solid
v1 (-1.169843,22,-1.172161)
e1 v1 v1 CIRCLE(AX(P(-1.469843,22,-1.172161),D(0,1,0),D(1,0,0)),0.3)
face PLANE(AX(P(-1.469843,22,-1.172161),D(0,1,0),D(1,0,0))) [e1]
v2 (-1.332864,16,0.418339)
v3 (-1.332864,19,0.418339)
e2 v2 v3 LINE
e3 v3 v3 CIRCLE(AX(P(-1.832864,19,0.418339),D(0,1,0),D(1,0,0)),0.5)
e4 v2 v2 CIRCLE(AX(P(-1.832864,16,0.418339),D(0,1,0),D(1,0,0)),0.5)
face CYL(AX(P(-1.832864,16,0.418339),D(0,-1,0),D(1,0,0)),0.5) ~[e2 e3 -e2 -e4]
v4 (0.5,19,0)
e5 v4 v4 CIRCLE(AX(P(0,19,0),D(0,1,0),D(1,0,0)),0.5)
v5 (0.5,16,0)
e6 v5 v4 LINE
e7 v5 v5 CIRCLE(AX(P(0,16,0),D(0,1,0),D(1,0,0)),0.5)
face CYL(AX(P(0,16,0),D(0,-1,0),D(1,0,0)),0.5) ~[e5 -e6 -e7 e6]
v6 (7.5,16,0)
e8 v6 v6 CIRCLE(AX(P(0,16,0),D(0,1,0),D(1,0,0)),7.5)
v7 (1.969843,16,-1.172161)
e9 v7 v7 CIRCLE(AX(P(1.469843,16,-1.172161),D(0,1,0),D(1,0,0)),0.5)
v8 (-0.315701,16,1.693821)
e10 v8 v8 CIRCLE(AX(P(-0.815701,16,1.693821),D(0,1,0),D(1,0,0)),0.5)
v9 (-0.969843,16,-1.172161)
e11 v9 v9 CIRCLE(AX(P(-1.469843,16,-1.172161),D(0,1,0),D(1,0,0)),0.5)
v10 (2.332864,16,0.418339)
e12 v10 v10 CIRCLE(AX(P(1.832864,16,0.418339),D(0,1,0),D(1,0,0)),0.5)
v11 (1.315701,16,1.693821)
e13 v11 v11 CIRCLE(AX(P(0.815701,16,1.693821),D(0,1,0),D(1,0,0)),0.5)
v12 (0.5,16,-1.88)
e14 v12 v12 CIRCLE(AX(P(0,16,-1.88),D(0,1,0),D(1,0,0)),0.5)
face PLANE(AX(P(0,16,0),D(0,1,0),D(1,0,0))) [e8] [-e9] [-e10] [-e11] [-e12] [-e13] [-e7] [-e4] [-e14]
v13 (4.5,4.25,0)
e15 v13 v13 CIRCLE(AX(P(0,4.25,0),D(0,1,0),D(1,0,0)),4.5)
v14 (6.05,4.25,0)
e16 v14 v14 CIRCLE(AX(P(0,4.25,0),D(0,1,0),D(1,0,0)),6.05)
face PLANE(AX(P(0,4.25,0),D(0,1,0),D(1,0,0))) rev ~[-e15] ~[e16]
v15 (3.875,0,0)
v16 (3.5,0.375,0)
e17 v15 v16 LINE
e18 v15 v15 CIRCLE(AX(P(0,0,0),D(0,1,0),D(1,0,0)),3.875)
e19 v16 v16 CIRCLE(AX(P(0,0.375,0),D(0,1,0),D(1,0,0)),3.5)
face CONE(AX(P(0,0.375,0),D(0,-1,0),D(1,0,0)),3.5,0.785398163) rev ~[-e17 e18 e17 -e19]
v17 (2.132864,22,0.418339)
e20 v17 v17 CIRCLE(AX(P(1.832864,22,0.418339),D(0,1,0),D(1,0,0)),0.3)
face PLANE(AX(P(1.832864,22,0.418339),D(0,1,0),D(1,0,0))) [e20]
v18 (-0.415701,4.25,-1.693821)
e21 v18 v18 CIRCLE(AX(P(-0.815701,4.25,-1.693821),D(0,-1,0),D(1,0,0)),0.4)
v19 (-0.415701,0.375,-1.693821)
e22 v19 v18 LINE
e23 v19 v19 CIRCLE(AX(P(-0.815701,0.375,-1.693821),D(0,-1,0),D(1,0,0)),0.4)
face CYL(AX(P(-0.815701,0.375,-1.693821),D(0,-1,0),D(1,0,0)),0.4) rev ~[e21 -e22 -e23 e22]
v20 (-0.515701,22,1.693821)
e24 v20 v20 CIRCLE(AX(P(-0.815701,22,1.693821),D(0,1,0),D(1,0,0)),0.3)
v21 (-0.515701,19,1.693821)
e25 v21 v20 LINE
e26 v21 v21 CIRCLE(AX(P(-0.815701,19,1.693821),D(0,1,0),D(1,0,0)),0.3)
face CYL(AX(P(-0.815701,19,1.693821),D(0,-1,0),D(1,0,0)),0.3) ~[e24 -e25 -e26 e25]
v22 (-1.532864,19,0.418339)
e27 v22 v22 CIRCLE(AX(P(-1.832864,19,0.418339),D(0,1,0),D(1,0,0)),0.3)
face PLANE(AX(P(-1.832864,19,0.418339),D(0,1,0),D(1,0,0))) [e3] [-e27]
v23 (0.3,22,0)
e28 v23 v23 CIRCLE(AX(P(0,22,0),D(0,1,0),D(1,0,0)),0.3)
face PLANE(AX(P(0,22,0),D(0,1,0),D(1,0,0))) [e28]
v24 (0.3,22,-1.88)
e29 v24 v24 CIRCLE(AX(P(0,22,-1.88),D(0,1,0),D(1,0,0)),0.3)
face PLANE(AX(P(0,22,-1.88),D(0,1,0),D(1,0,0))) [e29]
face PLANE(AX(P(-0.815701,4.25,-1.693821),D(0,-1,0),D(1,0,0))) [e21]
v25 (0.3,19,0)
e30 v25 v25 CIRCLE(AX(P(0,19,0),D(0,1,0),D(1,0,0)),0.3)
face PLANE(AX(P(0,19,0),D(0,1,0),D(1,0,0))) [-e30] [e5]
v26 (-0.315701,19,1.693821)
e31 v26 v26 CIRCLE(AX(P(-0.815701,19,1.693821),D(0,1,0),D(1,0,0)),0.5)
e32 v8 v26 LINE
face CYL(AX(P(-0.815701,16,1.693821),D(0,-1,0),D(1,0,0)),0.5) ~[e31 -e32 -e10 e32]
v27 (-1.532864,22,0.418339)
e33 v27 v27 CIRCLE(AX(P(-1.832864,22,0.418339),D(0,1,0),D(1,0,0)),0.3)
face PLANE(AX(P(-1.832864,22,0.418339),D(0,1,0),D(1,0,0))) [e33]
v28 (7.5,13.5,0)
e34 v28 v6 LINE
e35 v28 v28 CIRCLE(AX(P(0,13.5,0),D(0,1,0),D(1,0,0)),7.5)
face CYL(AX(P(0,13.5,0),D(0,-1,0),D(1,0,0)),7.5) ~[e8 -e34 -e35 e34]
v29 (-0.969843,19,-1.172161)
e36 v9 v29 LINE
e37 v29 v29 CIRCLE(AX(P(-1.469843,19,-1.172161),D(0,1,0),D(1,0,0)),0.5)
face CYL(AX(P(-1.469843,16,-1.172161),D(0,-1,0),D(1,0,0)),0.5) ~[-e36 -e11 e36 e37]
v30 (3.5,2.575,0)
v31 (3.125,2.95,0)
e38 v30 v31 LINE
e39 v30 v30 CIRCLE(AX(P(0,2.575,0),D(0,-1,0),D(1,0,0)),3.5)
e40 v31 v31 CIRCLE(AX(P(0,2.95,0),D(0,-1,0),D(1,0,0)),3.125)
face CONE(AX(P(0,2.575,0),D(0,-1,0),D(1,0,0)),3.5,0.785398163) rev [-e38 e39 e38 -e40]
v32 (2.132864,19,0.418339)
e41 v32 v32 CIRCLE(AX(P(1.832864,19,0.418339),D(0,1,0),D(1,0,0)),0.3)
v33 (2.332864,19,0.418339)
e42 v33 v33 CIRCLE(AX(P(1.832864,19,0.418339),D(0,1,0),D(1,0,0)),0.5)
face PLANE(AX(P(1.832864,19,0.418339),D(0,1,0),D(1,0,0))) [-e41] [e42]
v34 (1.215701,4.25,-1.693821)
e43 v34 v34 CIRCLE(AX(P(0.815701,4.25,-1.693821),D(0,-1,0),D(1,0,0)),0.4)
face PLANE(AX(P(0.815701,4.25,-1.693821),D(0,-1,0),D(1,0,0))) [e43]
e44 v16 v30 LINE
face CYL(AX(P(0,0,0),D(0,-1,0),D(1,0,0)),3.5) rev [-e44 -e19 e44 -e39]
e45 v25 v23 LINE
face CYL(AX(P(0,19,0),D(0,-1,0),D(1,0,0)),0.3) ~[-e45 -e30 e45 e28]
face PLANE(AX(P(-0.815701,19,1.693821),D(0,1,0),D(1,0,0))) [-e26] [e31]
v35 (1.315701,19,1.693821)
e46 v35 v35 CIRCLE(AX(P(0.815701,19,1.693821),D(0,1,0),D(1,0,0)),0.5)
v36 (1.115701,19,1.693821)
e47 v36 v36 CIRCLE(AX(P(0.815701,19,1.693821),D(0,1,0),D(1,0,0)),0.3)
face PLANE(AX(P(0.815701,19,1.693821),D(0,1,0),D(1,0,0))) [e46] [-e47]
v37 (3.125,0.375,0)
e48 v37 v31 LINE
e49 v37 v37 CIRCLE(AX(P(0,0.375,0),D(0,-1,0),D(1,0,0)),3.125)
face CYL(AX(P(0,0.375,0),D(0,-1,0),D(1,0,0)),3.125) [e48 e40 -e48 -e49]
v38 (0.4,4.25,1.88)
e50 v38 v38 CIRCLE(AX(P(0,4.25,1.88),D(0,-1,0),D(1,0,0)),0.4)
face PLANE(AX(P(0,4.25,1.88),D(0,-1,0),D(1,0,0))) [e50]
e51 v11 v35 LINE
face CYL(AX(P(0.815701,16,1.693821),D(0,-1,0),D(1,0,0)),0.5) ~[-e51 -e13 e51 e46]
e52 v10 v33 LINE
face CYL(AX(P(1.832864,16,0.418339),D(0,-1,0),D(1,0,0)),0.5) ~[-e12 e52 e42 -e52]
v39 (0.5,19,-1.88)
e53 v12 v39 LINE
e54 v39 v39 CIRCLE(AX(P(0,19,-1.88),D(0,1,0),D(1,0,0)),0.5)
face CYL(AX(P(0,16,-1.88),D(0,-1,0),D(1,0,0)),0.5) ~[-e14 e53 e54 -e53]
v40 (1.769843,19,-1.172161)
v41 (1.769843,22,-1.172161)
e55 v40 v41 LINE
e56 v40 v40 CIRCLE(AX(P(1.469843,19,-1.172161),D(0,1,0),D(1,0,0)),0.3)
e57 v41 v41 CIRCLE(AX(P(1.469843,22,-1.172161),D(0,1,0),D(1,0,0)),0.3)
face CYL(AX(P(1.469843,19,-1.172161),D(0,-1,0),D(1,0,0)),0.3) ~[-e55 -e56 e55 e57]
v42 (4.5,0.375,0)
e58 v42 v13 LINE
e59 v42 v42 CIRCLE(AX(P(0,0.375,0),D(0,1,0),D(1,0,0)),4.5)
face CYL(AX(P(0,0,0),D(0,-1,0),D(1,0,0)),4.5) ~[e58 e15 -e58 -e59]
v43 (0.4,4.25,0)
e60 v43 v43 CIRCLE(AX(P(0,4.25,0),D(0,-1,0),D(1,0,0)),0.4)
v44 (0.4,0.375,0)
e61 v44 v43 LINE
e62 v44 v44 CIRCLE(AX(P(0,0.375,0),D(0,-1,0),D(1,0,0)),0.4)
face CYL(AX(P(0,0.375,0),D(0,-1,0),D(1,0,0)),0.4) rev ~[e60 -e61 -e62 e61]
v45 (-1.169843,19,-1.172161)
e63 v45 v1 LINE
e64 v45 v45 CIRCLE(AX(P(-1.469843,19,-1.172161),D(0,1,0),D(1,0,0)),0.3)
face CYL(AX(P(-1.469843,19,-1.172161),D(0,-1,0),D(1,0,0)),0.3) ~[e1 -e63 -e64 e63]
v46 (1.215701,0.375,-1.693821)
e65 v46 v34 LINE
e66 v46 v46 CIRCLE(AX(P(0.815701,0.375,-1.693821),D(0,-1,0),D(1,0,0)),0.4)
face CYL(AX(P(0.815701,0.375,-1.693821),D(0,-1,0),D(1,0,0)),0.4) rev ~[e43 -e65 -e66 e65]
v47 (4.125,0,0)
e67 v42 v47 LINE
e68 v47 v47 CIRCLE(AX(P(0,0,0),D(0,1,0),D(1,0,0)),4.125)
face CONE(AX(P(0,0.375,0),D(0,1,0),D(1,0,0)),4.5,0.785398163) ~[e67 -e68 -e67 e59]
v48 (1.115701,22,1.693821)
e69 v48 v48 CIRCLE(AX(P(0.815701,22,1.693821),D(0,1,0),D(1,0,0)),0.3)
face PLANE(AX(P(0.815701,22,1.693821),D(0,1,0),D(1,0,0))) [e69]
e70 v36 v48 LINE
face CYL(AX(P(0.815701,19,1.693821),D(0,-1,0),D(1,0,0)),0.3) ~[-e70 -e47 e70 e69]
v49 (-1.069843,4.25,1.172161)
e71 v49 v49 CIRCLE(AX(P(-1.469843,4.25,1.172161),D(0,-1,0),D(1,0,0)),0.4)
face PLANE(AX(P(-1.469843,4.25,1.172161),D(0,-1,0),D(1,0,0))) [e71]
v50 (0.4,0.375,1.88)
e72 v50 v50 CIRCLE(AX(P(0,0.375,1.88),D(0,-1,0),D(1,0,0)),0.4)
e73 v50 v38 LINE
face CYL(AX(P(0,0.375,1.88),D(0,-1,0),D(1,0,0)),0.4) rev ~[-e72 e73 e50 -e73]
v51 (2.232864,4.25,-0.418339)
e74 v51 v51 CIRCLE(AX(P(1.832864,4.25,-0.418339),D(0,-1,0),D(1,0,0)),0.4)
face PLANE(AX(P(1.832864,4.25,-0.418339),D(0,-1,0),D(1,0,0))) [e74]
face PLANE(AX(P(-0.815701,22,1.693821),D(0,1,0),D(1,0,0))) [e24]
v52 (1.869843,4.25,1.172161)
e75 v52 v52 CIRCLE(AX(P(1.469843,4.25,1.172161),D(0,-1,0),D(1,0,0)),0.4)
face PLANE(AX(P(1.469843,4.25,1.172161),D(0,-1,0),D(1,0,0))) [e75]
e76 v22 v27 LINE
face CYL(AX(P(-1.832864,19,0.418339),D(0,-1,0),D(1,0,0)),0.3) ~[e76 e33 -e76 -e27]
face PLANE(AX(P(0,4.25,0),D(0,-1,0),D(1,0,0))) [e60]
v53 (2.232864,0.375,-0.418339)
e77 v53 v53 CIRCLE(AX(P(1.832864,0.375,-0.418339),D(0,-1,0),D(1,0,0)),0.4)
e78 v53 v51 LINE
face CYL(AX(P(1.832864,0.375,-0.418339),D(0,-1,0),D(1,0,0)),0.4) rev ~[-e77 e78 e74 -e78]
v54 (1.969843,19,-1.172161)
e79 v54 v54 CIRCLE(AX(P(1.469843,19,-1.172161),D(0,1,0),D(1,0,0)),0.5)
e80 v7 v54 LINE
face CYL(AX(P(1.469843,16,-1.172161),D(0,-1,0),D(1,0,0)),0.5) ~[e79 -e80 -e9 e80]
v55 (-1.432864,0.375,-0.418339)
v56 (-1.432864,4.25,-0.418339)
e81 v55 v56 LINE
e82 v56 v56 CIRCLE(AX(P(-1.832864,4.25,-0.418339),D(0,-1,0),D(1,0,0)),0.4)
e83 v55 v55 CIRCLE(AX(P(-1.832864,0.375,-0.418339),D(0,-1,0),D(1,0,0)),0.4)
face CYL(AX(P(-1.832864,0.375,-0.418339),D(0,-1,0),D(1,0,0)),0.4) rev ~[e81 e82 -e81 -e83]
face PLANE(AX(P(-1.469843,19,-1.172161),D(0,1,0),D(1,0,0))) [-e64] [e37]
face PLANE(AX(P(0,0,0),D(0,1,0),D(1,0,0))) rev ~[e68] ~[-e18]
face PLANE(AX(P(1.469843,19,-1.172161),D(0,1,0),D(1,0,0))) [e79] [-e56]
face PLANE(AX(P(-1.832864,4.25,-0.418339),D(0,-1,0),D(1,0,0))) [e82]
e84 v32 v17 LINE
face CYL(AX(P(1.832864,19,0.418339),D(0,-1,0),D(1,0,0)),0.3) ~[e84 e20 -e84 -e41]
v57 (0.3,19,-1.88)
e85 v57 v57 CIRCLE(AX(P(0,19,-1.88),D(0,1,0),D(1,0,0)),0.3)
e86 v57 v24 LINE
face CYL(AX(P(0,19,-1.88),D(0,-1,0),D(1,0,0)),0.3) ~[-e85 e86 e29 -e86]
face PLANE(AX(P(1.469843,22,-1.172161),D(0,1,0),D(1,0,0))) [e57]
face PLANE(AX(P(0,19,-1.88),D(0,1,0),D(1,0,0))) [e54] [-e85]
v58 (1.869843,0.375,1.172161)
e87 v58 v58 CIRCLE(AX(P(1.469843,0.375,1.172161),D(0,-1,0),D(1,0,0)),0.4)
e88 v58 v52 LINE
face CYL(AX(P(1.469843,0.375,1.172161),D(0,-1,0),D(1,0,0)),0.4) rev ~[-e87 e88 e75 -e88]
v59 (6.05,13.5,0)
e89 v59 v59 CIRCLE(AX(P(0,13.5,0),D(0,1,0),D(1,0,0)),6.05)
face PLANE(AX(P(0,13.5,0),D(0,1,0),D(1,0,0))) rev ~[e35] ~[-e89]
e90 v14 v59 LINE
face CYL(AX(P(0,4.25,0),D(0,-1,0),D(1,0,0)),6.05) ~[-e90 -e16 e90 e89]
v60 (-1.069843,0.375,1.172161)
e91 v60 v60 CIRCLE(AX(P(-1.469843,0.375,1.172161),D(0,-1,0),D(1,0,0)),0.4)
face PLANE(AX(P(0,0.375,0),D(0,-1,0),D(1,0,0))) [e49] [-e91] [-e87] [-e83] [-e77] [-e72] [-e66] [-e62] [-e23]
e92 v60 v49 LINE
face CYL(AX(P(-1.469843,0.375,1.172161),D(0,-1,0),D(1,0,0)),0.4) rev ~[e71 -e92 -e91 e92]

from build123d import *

# Parameters (mm, degrees)
SKETCH1_R            = 4.5
SKETCH1_R_2          = 3.5
BOSS_EXTRUDE1_DEPTH  = 4.25
SKETCH2_R            = 4.25
BOSS_EXTRUDE2_DEPTH  = 1.3
SKETCH3_R            = 6.05
BOSS_EXTRUDE3_DEPTH  = 9.25
SKETCH6_R            = 7.5
BOSS_EXTRUDE5_DEPTH  = 2.5
SKETCH10_R           = 0.5
BOSS_EXTRUDE7_DEPTH  = 3
SKETCH11_R           = 0.3
BOSS_EXTRUDE8_DEPTH  = 3
SKETCH11_3_R         = 0.3
BOSS_EXTRUDE9_DEPTH  = 3
CHAMFER1_SIZE        = 0.375
CHAMFER2_SIZE        = 0.375
BOSS_EXTRUDE12_REACH = 24.375
BOSS_EXTRUDE12_START = -0.375
SKETCH19_R           = 3.125
SKETCH20_R           = 0.4
CUT_EXTRUDE3_DEPTH   = 3.875


with BuildPart() as part:
    # Sketch1 → Boss-Extrude1 (new body)
    with BuildSketch(Plane(origin=(0, 0, 0), x_dir=(1, 0, 0), z_dir=(0, 1, 0))):
        Circle(SKETCH1_R)
        Circle(SKETCH1_R_2, mode=Mode.SUBTRACT)
    extrude(amount=BOSS_EXTRUDE1_DEPTH)

    # Sketch2 → Boss-Extrude2 (add)
    with BuildSketch(Plane(origin=(0, 4.25, 0), x_dir=(1, 0, 0), z_dir=(0, 1, 0))):
        Circle(SKETCH2_R)
    extrude(amount=-BOSS_EXTRUDE2_DEPTH)

    # Sketch3 → Boss-Extrude3 (add)
    with BuildSketch(Plane(origin=(0, 4.25, 0), x_dir=(1, 0, 0), z_dir=(0, 1, 0))):
        Circle(SKETCH3_R)
    extrude(amount=BOSS_EXTRUDE3_DEPTH)

    # Sketch6 → Boss-Extrude5 (add)
    with BuildSketch(Plane(origin=(0, 13.5, 0), x_dir=(1, 0, 0), z_dir=(0, 1, 0))):
        Circle(SKETCH6_R)
    extrude(amount=BOSS_EXTRUDE5_DEPTH)

    # Sketch10 → Boss-Extrude7 (add)
    with BuildSketch(Plane(origin=(0, 16, 0), x_dir=(1, 0, 0), z_dir=(0, 1, 0))):
        Circle(SKETCH10_R)
        with Locations((0, 1.88)):
            Circle(SKETCH10_R)
        with Locations((1.469843187, 1.172160827)):
            Circle(SKETCH10_R)
        with Locations((1.832864475, -0.418339356)):
            Circle(SKETCH10_R)
        with Locations((0.81570143, -1.693821472)):
            Circle(SKETCH10_R)
        with Locations((-0.81570143, -1.693821472)):
            Circle(SKETCH10_R)
        with Locations((-1.832864475, -0.418339356)):
            Circle(SKETCH10_R)
        with Locations((-1.469843187, 1.172160827)):
            Circle(SKETCH10_R)
    extrude(amount=BOSS_EXTRUDE7_DEPTH)

    # Sketch11 → Boss-Extrude8 (add)
    with BuildSketch(Plane(origin=(0, 19, 0), x_dir=(1, 0, 0), z_dir=(0, 1, 0))):
        with Locations((-0.81570143, -1.693821472)):
            Circle(SKETCH11_R)
    extrude(amount=BOSS_EXTRUDE8_DEPTH)

    # Sketch11<3> → Boss-Extrude9 (add)
    with BuildSketch(Plane(origin=(0, 19, 0), x_dir=(1, 0, 0), z_dir=(0, 1, 0))):
        Circle(SKETCH11_3_R)
        with Locations((0, 1.88)):
            Circle(SKETCH11_3_R)
        with Locations((1.469843187, 1.172160827)):
            Circle(SKETCH11_3_R)
        with Locations((1.832864475, -0.418339356)):
            Circle(SKETCH11_3_R)
        with Locations((0.81570143, -1.693821472)):
            Circle(SKETCH11_3_R)
        with Locations((-0.81570143, -1.693821472)):
            Circle(SKETCH11_3_R)
        with Locations((-1.832864475, -0.418339356)):
            Circle(SKETCH11_3_R)
        with Locations((-1.469843187, 1.172160827)):
            Circle(SKETCH11_3_R)
    extrude(amount=BOSS_EXTRUDE9_DEPTH)

    # Chamfer1
    chamfer1_edges = [part.edges().sort_by_distance(p)[0] for p in [
        (-4.5, 0, 0),
    ]]
    chamfer(chamfer1_edges, length=CHAMFER1_SIZE)

    # Chamfer2
    chamfer2_edges = [part.edges().sort_by_distance(p)[0] for p in [
        (-3.5, 2.95, 0),
        (-3.5, 0, 0),
    ]]
    chamfer(chamfer2_edges, length=CHAMFER2_SIZE)

    # Sketch19 → Boss-Extrude12 (add, up to next)
    with BuildSketch(Plane.XZ.offset(BOSS_EXTRUDE12_START), mode=Mode.PRIVATE) as boss_extrude12_sk1:
        Circle(SKETCH19_R)
    boss_extrude12_tool1 = extrude(boss_extrude12_sk1.sketch, amount=-BOSS_EXTRUDE12_REACH, mode=Mode.PRIVATE) - part.part
    add(boss_extrude12_tool1.solids().sort_by_distance((0, 0.375, 0))[0])

    # Sketch20 → Cut-Extrude3 (cut)
    with BuildSketch(Plane.XZ.offset(-0.375)):
        Circle(SKETCH20_R)
        with Locations((0, 1.88)):
            Circle(SKETCH20_R)
        with Locations((1.469843187, 1.172160827)):
            Circle(SKETCH20_R)
        with Locations((1.832864475, -0.418339356)):
            Circle(SKETCH20_R)
        with Locations((0.81570143, -1.693821472)):
            Circle(SKETCH20_R)
        with Locations((-0.81570143, -1.693821472)):
            Circle(SKETCH20_R)
        with Locations((-1.832864475, -0.418339356)):
            Circle(SKETCH20_R)
        with Locations((-1.469843187, 1.172160827)):
            Circle(SKETCH20_R)
    extrude(amount=-CUT_EXTRUDE3_DEPTH, mode=Mode.SUBTRACT)


solid = part.part
